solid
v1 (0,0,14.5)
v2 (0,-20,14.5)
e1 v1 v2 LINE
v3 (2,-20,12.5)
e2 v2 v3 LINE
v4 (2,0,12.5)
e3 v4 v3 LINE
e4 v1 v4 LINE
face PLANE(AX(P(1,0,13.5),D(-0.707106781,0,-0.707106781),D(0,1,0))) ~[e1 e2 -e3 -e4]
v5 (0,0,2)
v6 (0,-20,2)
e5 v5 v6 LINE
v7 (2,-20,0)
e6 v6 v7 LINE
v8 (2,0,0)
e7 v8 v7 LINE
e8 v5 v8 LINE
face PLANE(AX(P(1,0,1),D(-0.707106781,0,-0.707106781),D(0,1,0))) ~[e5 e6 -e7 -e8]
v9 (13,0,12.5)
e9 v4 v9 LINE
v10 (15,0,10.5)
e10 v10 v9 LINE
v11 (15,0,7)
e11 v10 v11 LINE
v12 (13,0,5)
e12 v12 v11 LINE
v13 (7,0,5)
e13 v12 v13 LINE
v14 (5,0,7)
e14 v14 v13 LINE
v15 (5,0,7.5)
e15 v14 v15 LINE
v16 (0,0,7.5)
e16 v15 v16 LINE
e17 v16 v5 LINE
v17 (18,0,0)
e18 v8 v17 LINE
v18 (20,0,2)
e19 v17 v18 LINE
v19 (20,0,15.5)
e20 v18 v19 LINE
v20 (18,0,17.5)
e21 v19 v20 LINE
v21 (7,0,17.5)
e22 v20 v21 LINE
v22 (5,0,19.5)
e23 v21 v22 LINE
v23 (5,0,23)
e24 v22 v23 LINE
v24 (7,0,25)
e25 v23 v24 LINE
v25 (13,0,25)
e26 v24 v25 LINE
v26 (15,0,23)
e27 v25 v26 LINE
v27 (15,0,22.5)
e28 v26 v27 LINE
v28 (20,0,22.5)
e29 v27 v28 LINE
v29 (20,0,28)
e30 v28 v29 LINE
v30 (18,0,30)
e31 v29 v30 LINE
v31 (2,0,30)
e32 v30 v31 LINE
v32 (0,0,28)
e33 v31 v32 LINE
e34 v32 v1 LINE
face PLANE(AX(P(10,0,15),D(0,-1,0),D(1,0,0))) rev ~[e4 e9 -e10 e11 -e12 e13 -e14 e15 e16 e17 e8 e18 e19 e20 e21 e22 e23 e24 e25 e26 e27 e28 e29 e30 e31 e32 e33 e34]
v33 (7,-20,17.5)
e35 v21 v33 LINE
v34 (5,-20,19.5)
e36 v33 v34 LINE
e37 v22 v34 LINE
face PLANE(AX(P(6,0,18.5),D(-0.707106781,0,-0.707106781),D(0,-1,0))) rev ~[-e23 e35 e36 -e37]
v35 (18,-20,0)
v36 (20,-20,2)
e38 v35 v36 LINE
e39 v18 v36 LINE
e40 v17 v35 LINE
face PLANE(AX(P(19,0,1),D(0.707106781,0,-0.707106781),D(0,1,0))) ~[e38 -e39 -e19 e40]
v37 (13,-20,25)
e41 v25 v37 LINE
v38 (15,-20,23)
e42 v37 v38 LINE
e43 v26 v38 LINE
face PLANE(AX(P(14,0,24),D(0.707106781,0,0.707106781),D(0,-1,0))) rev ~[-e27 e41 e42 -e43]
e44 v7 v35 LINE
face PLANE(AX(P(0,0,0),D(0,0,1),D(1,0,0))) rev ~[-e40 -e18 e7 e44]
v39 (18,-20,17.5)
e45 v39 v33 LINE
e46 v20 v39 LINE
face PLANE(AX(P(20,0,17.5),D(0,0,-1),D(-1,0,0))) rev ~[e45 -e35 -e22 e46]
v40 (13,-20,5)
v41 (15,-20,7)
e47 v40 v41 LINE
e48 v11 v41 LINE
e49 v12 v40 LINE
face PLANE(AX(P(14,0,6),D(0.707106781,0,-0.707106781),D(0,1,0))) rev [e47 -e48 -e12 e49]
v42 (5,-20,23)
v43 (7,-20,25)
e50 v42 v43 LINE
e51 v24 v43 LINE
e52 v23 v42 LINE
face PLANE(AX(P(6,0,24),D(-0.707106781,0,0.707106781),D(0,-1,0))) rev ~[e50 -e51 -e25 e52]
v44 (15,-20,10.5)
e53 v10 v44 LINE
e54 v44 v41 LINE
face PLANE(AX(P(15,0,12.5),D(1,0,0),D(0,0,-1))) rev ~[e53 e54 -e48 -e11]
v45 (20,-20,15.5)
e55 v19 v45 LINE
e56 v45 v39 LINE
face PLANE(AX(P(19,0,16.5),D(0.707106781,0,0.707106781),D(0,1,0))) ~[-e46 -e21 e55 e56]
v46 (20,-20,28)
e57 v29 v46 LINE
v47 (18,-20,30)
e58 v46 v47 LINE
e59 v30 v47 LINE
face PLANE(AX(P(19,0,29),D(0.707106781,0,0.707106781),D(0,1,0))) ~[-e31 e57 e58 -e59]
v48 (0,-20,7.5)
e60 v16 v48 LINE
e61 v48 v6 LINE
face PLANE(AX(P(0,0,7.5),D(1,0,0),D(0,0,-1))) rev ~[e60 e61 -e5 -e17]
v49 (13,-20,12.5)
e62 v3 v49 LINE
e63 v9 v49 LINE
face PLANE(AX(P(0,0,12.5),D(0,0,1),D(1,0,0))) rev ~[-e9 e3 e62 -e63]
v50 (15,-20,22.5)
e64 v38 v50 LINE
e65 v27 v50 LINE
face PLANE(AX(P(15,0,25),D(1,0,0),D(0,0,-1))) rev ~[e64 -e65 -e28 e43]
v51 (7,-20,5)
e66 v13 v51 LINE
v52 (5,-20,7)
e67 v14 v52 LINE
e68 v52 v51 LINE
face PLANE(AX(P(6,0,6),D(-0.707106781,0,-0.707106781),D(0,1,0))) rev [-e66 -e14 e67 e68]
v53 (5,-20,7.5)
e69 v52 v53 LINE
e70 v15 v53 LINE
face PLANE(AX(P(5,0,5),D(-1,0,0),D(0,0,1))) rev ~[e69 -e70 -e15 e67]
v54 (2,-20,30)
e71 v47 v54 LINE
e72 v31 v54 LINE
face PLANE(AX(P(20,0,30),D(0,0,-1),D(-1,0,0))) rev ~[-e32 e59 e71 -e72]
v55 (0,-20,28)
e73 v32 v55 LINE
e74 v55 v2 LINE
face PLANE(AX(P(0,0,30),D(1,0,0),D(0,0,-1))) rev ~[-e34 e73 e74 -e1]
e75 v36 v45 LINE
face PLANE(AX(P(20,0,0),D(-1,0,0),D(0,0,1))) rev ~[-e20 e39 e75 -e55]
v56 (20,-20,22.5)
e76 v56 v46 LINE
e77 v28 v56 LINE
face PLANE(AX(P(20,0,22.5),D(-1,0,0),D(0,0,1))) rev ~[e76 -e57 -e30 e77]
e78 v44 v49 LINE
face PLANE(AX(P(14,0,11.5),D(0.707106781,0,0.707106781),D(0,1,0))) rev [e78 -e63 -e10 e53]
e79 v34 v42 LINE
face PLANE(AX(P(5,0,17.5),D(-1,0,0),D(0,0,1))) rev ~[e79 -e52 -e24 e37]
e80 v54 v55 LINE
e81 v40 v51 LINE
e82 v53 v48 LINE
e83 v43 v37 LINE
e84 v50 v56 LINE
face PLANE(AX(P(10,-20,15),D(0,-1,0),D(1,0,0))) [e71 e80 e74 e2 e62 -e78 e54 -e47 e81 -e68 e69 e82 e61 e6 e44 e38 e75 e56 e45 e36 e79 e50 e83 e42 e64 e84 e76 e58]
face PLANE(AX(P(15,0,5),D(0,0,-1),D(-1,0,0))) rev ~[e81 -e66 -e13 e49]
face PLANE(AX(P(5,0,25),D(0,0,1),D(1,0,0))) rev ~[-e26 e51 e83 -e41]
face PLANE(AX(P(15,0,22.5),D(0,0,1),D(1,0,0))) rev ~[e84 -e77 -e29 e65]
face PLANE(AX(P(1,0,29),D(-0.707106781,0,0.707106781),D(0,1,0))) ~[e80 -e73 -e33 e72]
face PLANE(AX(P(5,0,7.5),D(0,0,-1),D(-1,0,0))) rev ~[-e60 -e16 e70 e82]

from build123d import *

# Parameters (mm, degrees)
F1_DEPTH = 20
F2_SIZE  = 2
F3_SIZE  = 2


with BuildPart() as f1:
    # F0 (on Front) → F1 (new body)
    with BuildSketch(Plane.XZ):
        Polygon((0, 7.5), (0, 0), (20, 0), (20, 17.5), (5, 17.5), (5, 25), (15, 25), (15, 22.5), (20, 22.5), (20, 30), (0, 30), (0, 12.5), (15, 12.5), (15, 5), (5, 5), (5, 7.5), align=None)
    extrude(amount=F1_DEPTH)

    # F2
    f2_edges = [f1.edges().sort_by_distance(p)[0] for p in [
        (20, -10, 30),
        (0, -10, 30),
        (0, -10, 12.5),
        (20, -10, 17.5),
        (0, -10, 0),
        (20, -10, 0),
    ]]
    chamfer(f2_edges, length=F2_SIZE)

    # F3
    f3_edges = [f1.edges().sort_by_distance(p)[0] for p in [
        (5, -10, 17.5),
        (5, -10, 5),
        (5, -10, 25),
        (15, -10, 12.5),
        (15, -10, 25),
        (15, -10, 5),
    ]]
    chamfer(f3_edges, length=F3_SIZE)


solid = f1.part
